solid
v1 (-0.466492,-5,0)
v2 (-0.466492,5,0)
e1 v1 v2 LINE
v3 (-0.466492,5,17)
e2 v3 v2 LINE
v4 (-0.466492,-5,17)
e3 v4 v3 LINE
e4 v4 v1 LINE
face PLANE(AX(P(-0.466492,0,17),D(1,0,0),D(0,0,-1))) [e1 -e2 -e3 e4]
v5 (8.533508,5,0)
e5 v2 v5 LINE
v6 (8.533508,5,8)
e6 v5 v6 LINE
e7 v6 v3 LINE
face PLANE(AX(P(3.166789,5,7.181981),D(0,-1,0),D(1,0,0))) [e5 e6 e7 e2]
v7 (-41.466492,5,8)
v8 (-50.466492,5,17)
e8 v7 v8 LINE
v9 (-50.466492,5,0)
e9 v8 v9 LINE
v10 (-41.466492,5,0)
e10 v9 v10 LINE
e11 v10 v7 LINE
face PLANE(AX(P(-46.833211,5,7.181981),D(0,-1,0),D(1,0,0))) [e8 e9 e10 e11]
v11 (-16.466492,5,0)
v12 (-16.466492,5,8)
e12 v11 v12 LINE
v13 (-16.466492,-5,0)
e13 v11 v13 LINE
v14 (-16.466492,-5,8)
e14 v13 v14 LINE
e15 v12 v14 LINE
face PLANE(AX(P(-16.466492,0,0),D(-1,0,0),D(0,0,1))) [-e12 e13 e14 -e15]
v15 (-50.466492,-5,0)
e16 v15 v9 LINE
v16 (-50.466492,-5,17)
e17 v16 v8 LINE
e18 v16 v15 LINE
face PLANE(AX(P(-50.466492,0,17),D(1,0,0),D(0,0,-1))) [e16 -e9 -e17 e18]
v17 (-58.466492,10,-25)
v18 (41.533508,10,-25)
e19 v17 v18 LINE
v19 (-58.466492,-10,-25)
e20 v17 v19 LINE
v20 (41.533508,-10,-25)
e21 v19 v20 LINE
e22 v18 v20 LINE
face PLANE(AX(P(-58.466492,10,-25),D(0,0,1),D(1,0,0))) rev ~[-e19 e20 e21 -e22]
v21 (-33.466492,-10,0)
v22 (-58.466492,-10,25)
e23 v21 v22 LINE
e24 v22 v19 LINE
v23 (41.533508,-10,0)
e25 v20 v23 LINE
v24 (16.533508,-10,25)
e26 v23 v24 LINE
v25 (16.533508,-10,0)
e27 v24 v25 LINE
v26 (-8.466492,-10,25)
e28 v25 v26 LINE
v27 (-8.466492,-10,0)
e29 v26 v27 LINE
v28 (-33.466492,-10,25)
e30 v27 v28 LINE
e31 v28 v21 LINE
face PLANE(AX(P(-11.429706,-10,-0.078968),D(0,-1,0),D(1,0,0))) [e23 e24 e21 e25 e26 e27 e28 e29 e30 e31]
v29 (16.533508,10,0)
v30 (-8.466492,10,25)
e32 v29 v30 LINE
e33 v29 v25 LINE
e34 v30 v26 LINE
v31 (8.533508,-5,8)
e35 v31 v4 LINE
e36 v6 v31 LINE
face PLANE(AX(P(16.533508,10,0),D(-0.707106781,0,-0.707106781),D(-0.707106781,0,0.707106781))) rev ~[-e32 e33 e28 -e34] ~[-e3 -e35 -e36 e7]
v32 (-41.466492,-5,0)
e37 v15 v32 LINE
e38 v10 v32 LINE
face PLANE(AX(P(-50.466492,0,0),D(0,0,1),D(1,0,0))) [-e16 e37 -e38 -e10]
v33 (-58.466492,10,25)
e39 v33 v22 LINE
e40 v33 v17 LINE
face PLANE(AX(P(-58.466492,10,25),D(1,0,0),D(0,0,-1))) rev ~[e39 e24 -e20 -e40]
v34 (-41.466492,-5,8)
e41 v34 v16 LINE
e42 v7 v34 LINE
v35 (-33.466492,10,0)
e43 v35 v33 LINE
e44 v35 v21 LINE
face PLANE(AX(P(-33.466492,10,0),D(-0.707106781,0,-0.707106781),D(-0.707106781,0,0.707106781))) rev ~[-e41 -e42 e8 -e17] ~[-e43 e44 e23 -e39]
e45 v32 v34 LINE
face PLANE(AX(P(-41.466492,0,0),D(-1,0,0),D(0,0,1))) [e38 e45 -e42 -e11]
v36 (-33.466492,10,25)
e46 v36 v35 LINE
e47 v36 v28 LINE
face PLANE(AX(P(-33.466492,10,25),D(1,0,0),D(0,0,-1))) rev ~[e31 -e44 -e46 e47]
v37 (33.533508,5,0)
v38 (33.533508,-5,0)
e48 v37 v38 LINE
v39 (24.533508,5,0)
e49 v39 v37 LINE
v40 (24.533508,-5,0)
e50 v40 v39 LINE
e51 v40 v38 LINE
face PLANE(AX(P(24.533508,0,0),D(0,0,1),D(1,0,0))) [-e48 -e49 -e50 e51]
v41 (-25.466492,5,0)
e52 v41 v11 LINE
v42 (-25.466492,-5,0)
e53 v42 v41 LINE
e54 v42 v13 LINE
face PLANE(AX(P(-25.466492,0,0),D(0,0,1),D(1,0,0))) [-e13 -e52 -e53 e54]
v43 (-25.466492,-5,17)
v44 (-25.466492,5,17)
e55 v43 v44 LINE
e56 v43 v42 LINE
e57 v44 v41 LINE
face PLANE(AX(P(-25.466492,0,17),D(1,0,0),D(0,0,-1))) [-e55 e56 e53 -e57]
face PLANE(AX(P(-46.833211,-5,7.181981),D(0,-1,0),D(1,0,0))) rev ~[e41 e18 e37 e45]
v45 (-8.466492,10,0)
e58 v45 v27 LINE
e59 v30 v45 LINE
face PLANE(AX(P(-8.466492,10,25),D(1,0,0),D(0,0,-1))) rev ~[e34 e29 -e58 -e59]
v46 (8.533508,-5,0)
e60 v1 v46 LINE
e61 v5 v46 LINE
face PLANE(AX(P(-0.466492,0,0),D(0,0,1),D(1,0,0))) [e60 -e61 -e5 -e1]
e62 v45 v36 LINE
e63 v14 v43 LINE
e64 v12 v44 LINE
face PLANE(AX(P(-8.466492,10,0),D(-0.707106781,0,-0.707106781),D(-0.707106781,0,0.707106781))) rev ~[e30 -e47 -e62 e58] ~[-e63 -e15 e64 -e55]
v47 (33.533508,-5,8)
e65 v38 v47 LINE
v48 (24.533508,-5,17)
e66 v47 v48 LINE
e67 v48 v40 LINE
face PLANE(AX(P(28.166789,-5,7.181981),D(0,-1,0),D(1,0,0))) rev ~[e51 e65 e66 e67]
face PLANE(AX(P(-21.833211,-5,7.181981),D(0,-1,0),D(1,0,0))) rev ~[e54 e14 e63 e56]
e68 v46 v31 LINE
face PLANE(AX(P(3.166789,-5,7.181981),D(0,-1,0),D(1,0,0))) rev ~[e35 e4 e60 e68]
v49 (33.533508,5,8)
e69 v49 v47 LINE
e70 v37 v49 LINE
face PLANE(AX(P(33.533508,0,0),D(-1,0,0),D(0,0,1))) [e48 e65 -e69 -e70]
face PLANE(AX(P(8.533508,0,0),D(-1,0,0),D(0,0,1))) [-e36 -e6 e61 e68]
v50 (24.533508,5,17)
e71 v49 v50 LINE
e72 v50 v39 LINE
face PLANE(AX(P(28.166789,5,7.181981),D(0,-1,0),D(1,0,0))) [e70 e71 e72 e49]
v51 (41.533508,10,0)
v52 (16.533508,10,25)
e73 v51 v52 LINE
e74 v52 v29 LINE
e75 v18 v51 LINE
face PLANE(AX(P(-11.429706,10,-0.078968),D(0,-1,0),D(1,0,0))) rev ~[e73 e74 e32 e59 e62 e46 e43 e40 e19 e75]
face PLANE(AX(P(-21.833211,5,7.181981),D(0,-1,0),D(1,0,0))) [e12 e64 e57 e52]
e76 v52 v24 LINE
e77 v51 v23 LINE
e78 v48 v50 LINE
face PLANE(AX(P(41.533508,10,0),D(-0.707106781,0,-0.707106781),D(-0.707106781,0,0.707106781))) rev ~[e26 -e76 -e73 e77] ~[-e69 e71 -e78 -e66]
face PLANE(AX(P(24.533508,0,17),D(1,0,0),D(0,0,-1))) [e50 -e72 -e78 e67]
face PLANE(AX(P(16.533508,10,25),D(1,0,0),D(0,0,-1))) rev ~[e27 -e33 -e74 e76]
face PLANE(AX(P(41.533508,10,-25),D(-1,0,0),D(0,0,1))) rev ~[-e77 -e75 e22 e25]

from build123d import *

# Parameters (mm, degrees)
F1_DEPTH      = 20
F3_DEPTH      = 5
F3_DEPTH_BACK = 5


with BuildPart() as f1:
    # F0 (on Front) → F1 (new body)
    with BuildSketch(Plane.XZ):
        Polygon((-58.466492, 25), (-58.466492, 0), (-58.466492, -25), (41.533508, -25), (41.533508, 0), (33.533508, 8), (33.533508, 0), (24.533508, 0), (24.533508, 17), (16.533508, 25), (16.533508, 0), (8.533508, 8), (8.533508, 0), (-0.466492, 0), (-0.466492, 17), (-8.466492, 25), (-8.466492, 0), (-16.466492, 8), (-16.466492, 0), (-25.466492, 0), (-25.466492, 17), (-33.466492, 25), (-33.466492, 0), (-41.466492, 8), (-41.466492, 0), (-50.466492, 0), (-50.466492, 17), align=None)
        Polygon((33.533508, 0), (33.533508, 8), (24.533508, 17), (24.533508, 0), align=None)
        Polygon((8.533508, 0), (8.533508, 8), (-0.466492, 17), (-0.466492, 0), align=None)
        Polygon((-16.466492, 8), (-25.466492, 17), (-25.466492, 0), (-16.466492, 0), align=None)
        Polygon((-41.466492, 8), (-50.466492, 17), (-50.466492, 0), (-41.466492, 0), align=None)
    extrude(amount=F1_DEPTH)


with BuildPart() as f1_1:
    # F2: moved
    add(f1.part.moved(Location((0, 10, 0))))

    # F0 (on Front) → F3 (cut, two sides)
    with BuildSketch(Plane.XZ) as f3_sk:
        Polygon((33.533508, 0), (33.533508, 8), (24.533508, 17), (24.533508, 0), align=None)
        Polygon((8.533508, 0), (8.533508, 8), (-0.466492, 17), (-0.466492, 0), align=None)
        Polygon((-16.466492, 8), (-25.466492, 17), (-25.466492, 0), (-16.466492, 0), align=None)
        Polygon((-41.466492, 8), (-50.466492, 17), (-50.466492, 0), (-41.466492, 0), align=None)
    extrude(amount=F3_DEPTH, mode=Mode.SUBTRACT)
    extrude(f3_sk.sketch, amount=-F3_DEPTH_BACK, mode=Mode.SUBTRACT)


solid = f1_1.part
